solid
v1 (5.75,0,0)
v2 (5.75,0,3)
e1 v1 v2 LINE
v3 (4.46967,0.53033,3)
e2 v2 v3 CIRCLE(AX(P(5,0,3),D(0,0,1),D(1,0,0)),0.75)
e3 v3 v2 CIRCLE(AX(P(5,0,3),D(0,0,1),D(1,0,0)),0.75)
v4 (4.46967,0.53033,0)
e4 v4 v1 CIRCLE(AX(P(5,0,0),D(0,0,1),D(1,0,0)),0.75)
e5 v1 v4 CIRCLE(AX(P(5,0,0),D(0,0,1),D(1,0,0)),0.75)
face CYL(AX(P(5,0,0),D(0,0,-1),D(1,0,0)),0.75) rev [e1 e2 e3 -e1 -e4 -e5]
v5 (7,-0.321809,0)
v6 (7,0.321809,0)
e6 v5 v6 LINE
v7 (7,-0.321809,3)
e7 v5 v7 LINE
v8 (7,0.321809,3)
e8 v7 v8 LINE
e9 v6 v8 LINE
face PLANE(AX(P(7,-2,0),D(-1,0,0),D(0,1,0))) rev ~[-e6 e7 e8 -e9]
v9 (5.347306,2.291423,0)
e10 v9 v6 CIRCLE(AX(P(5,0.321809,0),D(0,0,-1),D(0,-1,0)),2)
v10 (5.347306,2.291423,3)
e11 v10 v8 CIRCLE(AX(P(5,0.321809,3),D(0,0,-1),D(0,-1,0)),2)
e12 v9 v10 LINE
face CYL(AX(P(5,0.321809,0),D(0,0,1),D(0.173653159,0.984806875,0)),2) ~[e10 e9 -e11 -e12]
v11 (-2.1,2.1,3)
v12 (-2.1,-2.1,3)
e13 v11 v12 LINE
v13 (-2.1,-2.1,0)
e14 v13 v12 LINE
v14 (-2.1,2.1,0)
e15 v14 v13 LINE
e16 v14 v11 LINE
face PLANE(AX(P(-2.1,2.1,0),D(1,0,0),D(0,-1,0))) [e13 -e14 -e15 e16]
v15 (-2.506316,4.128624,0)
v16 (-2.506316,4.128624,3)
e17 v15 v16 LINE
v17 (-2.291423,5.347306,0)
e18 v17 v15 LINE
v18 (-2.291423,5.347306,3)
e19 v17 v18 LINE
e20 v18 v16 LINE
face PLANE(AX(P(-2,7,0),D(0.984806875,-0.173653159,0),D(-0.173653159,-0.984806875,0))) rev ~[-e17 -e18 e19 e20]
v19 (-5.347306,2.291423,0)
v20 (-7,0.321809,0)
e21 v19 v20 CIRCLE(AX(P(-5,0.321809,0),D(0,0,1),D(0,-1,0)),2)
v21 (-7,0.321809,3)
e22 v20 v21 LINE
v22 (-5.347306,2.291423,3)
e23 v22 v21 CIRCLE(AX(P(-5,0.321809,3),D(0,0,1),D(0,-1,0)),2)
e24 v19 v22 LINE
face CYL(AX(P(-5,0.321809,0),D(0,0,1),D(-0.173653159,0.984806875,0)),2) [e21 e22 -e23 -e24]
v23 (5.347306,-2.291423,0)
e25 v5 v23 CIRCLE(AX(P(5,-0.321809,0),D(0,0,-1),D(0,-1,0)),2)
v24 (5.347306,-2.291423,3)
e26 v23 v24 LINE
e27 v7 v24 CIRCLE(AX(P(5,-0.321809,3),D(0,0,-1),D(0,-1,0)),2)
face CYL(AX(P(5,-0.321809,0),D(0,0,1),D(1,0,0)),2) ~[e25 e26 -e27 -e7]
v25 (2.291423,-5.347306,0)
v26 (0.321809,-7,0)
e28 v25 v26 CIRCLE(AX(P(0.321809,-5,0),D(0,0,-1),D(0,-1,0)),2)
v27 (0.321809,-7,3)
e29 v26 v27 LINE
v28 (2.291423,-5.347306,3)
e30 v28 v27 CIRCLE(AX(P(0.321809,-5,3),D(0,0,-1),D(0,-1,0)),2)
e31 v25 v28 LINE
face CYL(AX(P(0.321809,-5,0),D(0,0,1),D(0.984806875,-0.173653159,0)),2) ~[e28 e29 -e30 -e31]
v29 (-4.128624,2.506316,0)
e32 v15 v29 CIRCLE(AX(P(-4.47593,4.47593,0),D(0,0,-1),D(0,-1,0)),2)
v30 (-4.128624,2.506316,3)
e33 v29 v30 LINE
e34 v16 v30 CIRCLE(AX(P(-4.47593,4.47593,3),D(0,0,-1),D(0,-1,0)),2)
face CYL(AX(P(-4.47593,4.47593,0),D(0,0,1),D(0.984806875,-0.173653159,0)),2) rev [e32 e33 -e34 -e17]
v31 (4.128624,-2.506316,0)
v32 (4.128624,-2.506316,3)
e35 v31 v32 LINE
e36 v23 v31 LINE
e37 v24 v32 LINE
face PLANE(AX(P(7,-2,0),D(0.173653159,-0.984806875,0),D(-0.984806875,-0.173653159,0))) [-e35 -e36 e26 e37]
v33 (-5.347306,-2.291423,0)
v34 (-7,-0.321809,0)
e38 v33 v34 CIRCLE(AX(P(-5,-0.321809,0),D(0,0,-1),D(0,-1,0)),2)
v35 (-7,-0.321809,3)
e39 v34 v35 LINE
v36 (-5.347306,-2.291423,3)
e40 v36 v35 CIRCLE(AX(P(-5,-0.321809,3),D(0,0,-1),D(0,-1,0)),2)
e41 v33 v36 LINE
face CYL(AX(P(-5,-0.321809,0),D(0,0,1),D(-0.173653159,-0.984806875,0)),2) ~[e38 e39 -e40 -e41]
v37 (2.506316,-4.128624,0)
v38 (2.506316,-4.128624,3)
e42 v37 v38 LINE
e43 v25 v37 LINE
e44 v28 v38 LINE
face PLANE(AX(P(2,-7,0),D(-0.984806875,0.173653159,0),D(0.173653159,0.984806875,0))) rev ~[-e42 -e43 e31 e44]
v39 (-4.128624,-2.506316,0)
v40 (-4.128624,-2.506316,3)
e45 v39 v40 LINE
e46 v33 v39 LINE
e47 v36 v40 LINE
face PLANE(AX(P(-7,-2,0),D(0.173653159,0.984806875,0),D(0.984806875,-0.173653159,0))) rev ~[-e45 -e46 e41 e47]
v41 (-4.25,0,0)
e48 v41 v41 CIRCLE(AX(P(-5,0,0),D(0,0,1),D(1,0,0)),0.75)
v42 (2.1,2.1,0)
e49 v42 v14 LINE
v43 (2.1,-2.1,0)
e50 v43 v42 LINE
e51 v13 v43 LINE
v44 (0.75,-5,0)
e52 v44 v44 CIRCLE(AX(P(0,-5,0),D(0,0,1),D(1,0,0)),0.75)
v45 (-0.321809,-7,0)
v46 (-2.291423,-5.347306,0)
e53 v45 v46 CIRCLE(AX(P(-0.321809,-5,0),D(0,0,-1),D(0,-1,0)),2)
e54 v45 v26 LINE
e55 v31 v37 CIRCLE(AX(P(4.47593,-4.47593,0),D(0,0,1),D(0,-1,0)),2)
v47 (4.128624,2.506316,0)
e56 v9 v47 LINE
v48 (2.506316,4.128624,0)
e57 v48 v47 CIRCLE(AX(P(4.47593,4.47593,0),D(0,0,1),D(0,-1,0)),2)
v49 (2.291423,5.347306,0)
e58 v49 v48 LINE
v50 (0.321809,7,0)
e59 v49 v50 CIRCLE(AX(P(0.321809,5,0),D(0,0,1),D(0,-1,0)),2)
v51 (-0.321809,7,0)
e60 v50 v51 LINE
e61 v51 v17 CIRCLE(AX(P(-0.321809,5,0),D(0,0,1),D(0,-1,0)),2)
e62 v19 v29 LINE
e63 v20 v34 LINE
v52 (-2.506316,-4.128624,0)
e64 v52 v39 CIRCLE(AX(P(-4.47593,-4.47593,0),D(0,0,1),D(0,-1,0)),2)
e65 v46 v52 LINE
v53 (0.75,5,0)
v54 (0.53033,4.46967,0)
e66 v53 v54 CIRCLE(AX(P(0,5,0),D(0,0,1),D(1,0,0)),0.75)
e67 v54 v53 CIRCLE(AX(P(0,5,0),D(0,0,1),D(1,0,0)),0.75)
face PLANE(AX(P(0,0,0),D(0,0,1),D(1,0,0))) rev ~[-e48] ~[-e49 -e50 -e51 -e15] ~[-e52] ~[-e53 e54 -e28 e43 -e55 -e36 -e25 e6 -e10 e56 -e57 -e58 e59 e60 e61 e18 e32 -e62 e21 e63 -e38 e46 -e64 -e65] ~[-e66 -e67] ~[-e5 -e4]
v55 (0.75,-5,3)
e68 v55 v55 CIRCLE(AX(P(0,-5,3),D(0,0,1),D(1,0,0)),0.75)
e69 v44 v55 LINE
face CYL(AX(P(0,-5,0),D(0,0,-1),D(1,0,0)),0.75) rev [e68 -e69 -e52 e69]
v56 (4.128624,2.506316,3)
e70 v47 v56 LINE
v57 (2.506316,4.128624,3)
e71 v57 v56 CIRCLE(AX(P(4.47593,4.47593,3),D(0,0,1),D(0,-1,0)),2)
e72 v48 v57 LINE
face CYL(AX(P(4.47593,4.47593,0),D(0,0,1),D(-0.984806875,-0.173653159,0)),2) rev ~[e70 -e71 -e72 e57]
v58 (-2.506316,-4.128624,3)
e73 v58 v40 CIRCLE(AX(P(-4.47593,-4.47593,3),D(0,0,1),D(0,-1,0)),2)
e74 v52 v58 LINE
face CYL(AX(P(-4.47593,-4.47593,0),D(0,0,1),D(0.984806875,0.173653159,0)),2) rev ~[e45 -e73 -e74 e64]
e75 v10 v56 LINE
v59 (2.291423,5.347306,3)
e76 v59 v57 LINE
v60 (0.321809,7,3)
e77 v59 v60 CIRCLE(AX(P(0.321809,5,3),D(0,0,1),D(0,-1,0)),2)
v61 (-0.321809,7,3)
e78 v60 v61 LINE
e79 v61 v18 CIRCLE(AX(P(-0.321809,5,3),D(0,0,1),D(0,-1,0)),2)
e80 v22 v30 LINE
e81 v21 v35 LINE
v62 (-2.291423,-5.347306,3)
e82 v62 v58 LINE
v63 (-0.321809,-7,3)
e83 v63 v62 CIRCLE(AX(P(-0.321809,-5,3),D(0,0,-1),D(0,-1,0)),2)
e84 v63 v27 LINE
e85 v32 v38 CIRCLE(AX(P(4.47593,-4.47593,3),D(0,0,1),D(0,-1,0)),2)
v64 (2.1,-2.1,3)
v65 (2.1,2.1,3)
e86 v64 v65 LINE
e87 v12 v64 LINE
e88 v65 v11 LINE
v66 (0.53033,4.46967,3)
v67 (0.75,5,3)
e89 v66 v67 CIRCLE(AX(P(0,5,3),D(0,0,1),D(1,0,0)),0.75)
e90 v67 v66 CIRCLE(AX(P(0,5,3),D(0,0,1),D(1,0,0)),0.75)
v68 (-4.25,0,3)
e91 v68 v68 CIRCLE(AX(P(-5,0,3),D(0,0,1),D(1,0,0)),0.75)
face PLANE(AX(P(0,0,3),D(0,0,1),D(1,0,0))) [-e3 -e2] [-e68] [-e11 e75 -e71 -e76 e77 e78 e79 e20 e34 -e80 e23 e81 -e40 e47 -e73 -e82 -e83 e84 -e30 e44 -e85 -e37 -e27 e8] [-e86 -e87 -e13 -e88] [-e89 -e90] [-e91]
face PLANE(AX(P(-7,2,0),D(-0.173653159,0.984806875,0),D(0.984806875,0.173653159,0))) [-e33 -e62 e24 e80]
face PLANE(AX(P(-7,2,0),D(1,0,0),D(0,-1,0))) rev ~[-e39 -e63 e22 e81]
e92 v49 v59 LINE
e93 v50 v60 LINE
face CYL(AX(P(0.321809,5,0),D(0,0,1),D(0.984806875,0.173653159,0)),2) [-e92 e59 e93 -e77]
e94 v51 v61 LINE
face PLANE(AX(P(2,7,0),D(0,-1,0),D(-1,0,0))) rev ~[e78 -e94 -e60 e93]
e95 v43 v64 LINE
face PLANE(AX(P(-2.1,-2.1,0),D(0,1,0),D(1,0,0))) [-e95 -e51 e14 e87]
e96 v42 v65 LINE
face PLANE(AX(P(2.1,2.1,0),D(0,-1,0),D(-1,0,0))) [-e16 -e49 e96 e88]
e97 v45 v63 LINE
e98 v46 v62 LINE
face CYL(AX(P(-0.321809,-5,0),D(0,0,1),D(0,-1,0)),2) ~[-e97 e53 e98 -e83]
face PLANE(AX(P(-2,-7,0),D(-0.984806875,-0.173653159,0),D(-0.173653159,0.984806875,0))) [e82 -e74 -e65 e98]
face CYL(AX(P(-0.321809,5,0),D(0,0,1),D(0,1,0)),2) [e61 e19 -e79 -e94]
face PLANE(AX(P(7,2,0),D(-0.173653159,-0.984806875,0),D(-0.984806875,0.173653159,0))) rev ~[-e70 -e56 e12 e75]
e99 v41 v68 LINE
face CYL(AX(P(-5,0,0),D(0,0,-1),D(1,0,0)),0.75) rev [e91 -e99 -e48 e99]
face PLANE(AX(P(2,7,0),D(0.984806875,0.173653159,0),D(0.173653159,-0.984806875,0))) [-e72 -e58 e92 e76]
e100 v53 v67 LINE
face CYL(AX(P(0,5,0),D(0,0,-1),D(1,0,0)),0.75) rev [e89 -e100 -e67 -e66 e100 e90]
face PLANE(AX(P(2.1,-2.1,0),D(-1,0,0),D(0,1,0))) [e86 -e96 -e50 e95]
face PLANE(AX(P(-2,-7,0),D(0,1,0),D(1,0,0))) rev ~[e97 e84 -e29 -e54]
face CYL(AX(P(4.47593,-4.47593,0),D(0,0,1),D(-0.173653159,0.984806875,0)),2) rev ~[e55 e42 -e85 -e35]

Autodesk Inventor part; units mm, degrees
ref_plane "YZ Plane" through (0, 0, 0) normal (1, 0, 0) x (0, 1, 0)
ref_plane "XZ Plane" through (0, 0, 0) normal (0, 1, 0) x (-1, 0, 0)
ref_plane "XY Plane" through (0, 0, 0) normal (0, 0, 1) x (1, 0, 0)
sketch "スケッチ1" plane through (0, 0, 0) normal (0, 0, 1) x (1, 0, 0)
  line L0 (2, 7) -> (-2, 7)
  line L1 (-2, 7) -> (-2.7495, 2.7495)
  circle A0 centre (0, 5) radius 0.75
  line L2 (0, 0) -> (-4.3694, 4.3694)
  line L3 (0, 0) -> (4.0735, 4.0735)
  line L4 (2, 7) -> (2.7495, 2.7495)
  line L5 (-7, -2) -> (-2.7495, -2.7495)
  line L6 (-7, 2) -> (-7, -2)
  line L7 (-7, 2) -> (-2.7495, 2.7495)
  circle A1 centre (-5, 0) radius 0.75
  line L8 (2, -7) -> (2.7495, -2.7495)
  line L9 (-2, -7) -> (2, -7)
  line L10 (-2, -7) -> (-2.7495, -2.7495)
  circle A2 centre (0, -5) radius 0.75
  line L11 (7, 2) -> (2.7495, 2.7495)
  line L12 (7, -2) -> (7, 2)
  line L13 (7, -2) -> (2.7495, -2.7495)
  circle A3 centre (5, 0) radius 0.75
  line L14 (2.1, 2.1) -> (-2.1, 2.1)
  line L15 (-2.1, 2.1) -> (-2.1, -2.1)
  line L16 (-2.1, -2.1) -> (2.1, -2.1)
  line L17 (2.1, -2.1) -> (2.1, 2.1)
  line L18 (0, 5) -> (5, 0)
  point P0 (0, 7)
  point P1 (-7, 0)
  point P2 (0, -7)
  point P3 (7, 0)
  point P4 (-2.7495, -2.7495)
  point P5 (2.7495, 2.7495)
  point P6 (-2.1, 0)
  point P7 (0, 2.1)
  dimension "d12" = 4
  dimension "d13" = 1.5
  dimension "d15" = 5
  dimension "d19" = 2
  dimension "d22" = 90
  dimension "d23" = 100
  dimension "d26" = 360
  dimension "d28" = 4.2
extrude "押し出し1" add sketch "スケッチ1" along normal blind 3 contours L4 L3 L14 L2 L1 L0 | L11 L12 L13 L8 L9 L10 L5 L6 L7 L2 L15 L16 L17 L3
fillet "フィレット1" radius 2 12 edges at (2, 7, 1.5) (-2, 7, 1.5) (-7, 2, 1.5) (-7, -2, 1.5) (-2, -7, 1.5) (-2.7495, -2.7495, 1.5) (-2.7495, 2.7495, 1.5) (2.7495, 2.7495, 1.5) (7, 2, 1.5) (7, -2, 1.5) (2.7495, -2.7495, 1.5) (2, -7, 1.5)
properties part number "WireHolder" material "ABS プラスチック"
